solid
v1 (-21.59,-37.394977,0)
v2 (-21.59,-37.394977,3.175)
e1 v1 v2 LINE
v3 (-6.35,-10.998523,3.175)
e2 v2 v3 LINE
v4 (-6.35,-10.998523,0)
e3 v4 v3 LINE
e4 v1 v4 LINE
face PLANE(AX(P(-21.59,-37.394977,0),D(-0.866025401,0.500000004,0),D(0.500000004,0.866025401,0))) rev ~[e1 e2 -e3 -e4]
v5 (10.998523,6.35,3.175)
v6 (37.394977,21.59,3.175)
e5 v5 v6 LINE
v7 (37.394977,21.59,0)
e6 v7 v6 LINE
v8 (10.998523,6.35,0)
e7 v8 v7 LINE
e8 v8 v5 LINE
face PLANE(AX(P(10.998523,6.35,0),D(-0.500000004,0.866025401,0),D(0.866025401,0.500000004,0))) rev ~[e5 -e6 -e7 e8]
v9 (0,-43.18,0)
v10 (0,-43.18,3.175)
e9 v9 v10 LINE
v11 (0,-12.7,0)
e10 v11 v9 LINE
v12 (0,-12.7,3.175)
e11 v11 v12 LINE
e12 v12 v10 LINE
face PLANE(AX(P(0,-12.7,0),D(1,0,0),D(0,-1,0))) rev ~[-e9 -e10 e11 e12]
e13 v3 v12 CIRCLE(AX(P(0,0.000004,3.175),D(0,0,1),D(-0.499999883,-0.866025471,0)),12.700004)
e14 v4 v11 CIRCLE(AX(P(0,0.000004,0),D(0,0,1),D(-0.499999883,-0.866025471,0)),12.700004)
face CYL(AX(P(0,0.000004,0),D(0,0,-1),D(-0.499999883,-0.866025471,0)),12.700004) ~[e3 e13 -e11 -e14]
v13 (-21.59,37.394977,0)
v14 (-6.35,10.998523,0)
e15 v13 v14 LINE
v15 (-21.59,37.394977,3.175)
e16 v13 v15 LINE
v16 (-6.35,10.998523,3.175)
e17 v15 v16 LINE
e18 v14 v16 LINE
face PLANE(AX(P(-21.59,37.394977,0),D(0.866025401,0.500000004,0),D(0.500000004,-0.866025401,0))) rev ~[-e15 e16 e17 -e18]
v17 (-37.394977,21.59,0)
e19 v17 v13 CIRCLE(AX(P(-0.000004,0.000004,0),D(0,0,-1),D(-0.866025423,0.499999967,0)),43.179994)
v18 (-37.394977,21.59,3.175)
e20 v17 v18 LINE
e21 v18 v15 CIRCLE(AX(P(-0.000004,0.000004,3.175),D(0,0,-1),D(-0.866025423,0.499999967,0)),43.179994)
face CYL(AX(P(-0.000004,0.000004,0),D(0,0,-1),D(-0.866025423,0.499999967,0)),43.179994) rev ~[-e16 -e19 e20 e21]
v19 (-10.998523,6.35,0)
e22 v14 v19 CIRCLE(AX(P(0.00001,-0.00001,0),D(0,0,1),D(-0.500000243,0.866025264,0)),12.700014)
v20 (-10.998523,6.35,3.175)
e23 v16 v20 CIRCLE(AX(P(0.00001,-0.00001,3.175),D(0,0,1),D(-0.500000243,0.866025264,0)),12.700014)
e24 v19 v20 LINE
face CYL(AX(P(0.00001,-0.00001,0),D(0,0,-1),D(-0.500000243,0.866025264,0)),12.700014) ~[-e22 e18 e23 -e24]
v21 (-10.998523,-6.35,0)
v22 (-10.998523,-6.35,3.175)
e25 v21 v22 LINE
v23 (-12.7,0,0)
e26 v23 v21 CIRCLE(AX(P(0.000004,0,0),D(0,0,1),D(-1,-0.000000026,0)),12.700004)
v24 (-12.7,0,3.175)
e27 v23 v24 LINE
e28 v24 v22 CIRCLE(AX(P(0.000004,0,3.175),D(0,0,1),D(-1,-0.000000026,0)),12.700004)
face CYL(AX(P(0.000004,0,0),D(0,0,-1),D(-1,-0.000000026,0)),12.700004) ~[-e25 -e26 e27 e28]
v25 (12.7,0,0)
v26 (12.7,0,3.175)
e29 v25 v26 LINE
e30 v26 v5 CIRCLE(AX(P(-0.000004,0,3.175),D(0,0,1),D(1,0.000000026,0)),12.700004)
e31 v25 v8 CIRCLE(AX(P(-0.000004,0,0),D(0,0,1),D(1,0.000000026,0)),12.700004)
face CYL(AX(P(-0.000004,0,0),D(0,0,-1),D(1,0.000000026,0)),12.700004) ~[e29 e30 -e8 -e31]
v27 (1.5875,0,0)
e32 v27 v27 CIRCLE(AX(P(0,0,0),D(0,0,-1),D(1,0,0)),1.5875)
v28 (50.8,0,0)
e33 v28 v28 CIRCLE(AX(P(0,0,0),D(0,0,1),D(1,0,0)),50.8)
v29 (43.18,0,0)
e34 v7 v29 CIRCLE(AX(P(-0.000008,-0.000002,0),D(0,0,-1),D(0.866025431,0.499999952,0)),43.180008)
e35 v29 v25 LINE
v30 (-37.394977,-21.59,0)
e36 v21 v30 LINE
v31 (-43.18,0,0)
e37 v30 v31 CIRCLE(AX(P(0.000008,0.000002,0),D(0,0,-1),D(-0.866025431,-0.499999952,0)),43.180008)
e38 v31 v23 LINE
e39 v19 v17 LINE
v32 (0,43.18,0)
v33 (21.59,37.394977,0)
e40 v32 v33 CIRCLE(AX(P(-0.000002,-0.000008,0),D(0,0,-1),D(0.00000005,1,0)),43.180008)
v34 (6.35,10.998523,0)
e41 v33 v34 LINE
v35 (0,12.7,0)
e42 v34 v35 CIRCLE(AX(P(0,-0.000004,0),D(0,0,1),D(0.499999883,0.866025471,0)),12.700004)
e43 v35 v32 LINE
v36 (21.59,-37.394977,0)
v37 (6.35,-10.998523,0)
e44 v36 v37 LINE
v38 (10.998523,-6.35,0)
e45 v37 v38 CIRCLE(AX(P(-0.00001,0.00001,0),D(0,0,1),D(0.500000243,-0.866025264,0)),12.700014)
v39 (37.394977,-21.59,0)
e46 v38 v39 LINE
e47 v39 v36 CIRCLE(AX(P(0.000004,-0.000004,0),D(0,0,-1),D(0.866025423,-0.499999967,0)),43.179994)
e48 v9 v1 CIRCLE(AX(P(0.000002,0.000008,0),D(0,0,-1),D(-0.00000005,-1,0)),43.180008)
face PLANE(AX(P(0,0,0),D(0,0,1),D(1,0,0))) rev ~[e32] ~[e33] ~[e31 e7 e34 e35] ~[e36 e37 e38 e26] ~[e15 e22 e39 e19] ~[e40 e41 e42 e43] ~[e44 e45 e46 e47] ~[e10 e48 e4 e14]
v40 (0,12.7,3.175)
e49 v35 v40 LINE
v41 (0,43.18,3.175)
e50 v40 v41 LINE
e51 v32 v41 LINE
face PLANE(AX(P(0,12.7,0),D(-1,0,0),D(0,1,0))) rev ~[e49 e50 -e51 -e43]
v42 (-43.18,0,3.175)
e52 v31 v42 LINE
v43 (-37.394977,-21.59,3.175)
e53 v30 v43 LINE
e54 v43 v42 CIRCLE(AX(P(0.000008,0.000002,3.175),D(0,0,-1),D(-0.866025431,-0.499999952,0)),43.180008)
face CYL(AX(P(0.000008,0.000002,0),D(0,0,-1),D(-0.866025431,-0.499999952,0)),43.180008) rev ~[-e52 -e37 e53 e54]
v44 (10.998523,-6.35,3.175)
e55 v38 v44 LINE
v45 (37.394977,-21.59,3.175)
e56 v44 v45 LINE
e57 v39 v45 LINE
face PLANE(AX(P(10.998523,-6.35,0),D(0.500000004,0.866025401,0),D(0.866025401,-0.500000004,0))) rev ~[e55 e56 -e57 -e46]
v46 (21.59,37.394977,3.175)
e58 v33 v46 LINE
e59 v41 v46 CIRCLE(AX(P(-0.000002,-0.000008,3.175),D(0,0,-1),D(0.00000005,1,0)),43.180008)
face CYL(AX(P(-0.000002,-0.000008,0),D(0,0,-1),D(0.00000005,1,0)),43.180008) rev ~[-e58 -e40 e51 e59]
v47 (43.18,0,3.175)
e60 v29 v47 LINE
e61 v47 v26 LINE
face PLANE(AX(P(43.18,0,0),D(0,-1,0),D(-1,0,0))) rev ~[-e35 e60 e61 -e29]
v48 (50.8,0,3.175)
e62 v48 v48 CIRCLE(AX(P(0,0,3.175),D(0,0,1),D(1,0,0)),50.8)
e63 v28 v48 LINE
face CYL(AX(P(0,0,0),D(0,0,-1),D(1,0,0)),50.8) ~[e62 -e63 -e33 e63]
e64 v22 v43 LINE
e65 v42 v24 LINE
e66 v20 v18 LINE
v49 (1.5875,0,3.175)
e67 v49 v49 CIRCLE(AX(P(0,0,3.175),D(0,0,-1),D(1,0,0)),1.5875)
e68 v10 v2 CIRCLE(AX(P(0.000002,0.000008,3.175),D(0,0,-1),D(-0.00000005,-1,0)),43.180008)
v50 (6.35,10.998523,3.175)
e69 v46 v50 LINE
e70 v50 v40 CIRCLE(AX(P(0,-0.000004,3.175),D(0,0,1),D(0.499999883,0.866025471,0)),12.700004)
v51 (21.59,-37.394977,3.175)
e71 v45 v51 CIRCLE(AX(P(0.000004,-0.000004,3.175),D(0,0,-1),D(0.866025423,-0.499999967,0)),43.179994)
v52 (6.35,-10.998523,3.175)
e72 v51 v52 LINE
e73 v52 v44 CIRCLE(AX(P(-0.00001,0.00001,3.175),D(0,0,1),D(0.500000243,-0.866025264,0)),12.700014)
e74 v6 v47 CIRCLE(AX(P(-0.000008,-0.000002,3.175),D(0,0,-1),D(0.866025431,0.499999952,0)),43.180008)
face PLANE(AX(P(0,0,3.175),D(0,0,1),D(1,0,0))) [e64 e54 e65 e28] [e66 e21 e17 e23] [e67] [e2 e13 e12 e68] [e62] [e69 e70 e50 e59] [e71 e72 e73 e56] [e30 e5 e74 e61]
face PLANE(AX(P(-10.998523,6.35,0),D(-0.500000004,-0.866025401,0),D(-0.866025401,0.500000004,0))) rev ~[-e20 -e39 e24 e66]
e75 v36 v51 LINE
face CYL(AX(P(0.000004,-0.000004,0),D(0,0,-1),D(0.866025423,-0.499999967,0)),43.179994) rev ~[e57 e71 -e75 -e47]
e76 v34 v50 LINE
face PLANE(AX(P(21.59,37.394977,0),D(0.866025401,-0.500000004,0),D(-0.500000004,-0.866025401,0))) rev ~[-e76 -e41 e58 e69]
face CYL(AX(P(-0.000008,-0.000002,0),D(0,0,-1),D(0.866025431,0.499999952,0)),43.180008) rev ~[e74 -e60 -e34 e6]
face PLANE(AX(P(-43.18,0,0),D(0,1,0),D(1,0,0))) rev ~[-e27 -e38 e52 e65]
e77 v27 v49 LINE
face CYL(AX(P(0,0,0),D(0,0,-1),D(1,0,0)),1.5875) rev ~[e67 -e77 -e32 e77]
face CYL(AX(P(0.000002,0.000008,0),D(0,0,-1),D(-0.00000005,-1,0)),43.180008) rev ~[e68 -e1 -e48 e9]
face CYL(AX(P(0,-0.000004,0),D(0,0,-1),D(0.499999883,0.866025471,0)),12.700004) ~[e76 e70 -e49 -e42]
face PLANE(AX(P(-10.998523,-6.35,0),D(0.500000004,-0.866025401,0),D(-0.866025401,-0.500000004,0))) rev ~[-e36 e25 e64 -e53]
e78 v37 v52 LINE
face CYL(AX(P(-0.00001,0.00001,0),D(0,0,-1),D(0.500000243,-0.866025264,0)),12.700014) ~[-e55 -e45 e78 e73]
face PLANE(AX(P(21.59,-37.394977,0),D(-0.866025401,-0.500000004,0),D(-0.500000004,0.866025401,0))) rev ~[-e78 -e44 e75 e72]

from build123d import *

# Parameters (mm, degrees)
F0_R     = 50.8
F1_DEPTH = 3.175


with BuildPart() as f1:
    # F0 (on Top) → F1 (new body)
    with BuildSketch(Plane.XY):
        Circle(F0_R)
        with BuildLine():
            Line((-21.59, -37.394977), (-6.35, -10.998523))
            ThreePointArc((-6.35, -10.998523), (-3.287002, -12.267258), (0, -12.7))
            Line((0, -12.7), (0, -43.18))
            ThreePointArc((0, -43.18), (-11.175806, -41.708677), (-21.59, -37.394977))
        make_face(mode=Mode.SUBTRACT)
        with BuildLine():
            Line((-43.18, 0), (-12.7, 0))
            ThreePointArc((-12.7, 0), (-12.267258, -3.287002), (-10.998523, -6.35))
            Line((-10.998523, -6.35), (-37.394977, -21.59))
            ThreePointArc((-37.394977, -21.59), (-41.708677, -11.175806), (-43.18, 0))
        make_face(mode=Mode.SUBTRACT)
        with BuildLine():
            ThreePointArc((-1.5875, 0), (0, 1.5875), (1.5875, 0))
            ThreePointArc((1.5875, 0), (0, -1.5875), (-1.5875, 0))
        make_face(mode=Mode.SUBTRACT)
        with BuildLine():
            Line((10.998523, -6.35), (37.394977, -21.59))
            ThreePointArc((37.394977, -21.59), (30.532871, -30.532871), (21.59, -37.394977))
            Line((21.59, -37.394977), (6.35, -10.998523))
            ThreePointArc((6.35, -10.998523), (8.980256, -8.980256), (10.998523, -6.35))
        make_face(mode=Mode.SUBTRACT)
        with BuildLine():
            ThreePointArc((-37.394977, 21.59), (-30.532871, 30.532871), (-21.59, 37.394977))
            Line((-21.59, 37.394977), (-6.35, 10.998523))
            ThreePointArc((-6.35, 10.998523), (-8.980256, 8.980256), (-10.998523, 6.35))
            Line((-10.998523, 6.35), (-37.394977, 21.59))
        make_face(mode=Mode.SUBTRACT)
        with BuildLine():
            ThreePointArc((12.7, 0), (12.267258, 3.287002), (10.998523, 6.35))
            Line((10.998523, 6.35), (37.394977, 21.59))
            ThreePointArc((37.394977, 21.59), (41.708677, 11.175806), (43.18, 0))
            Line((43.18, 0), (12.7, 0))
        make_face(mode=Mode.SUBTRACT)
        with BuildLine():
            Line((0, 12.7), (0, 43.18))
            ThreePointArc((0, 43.18), (11.175806, 41.708677), (21.59, 37.394977))
            Line((21.59, 37.394977), (6.35, 10.998523))
            ThreePointArc((6.35, 10.998523), (3.287002, 12.267258), (0, 12.7))
        make_face(mode=Mode.SUBTRACT)
    extrude(amount=F1_DEPTH)


solid = f1.part
